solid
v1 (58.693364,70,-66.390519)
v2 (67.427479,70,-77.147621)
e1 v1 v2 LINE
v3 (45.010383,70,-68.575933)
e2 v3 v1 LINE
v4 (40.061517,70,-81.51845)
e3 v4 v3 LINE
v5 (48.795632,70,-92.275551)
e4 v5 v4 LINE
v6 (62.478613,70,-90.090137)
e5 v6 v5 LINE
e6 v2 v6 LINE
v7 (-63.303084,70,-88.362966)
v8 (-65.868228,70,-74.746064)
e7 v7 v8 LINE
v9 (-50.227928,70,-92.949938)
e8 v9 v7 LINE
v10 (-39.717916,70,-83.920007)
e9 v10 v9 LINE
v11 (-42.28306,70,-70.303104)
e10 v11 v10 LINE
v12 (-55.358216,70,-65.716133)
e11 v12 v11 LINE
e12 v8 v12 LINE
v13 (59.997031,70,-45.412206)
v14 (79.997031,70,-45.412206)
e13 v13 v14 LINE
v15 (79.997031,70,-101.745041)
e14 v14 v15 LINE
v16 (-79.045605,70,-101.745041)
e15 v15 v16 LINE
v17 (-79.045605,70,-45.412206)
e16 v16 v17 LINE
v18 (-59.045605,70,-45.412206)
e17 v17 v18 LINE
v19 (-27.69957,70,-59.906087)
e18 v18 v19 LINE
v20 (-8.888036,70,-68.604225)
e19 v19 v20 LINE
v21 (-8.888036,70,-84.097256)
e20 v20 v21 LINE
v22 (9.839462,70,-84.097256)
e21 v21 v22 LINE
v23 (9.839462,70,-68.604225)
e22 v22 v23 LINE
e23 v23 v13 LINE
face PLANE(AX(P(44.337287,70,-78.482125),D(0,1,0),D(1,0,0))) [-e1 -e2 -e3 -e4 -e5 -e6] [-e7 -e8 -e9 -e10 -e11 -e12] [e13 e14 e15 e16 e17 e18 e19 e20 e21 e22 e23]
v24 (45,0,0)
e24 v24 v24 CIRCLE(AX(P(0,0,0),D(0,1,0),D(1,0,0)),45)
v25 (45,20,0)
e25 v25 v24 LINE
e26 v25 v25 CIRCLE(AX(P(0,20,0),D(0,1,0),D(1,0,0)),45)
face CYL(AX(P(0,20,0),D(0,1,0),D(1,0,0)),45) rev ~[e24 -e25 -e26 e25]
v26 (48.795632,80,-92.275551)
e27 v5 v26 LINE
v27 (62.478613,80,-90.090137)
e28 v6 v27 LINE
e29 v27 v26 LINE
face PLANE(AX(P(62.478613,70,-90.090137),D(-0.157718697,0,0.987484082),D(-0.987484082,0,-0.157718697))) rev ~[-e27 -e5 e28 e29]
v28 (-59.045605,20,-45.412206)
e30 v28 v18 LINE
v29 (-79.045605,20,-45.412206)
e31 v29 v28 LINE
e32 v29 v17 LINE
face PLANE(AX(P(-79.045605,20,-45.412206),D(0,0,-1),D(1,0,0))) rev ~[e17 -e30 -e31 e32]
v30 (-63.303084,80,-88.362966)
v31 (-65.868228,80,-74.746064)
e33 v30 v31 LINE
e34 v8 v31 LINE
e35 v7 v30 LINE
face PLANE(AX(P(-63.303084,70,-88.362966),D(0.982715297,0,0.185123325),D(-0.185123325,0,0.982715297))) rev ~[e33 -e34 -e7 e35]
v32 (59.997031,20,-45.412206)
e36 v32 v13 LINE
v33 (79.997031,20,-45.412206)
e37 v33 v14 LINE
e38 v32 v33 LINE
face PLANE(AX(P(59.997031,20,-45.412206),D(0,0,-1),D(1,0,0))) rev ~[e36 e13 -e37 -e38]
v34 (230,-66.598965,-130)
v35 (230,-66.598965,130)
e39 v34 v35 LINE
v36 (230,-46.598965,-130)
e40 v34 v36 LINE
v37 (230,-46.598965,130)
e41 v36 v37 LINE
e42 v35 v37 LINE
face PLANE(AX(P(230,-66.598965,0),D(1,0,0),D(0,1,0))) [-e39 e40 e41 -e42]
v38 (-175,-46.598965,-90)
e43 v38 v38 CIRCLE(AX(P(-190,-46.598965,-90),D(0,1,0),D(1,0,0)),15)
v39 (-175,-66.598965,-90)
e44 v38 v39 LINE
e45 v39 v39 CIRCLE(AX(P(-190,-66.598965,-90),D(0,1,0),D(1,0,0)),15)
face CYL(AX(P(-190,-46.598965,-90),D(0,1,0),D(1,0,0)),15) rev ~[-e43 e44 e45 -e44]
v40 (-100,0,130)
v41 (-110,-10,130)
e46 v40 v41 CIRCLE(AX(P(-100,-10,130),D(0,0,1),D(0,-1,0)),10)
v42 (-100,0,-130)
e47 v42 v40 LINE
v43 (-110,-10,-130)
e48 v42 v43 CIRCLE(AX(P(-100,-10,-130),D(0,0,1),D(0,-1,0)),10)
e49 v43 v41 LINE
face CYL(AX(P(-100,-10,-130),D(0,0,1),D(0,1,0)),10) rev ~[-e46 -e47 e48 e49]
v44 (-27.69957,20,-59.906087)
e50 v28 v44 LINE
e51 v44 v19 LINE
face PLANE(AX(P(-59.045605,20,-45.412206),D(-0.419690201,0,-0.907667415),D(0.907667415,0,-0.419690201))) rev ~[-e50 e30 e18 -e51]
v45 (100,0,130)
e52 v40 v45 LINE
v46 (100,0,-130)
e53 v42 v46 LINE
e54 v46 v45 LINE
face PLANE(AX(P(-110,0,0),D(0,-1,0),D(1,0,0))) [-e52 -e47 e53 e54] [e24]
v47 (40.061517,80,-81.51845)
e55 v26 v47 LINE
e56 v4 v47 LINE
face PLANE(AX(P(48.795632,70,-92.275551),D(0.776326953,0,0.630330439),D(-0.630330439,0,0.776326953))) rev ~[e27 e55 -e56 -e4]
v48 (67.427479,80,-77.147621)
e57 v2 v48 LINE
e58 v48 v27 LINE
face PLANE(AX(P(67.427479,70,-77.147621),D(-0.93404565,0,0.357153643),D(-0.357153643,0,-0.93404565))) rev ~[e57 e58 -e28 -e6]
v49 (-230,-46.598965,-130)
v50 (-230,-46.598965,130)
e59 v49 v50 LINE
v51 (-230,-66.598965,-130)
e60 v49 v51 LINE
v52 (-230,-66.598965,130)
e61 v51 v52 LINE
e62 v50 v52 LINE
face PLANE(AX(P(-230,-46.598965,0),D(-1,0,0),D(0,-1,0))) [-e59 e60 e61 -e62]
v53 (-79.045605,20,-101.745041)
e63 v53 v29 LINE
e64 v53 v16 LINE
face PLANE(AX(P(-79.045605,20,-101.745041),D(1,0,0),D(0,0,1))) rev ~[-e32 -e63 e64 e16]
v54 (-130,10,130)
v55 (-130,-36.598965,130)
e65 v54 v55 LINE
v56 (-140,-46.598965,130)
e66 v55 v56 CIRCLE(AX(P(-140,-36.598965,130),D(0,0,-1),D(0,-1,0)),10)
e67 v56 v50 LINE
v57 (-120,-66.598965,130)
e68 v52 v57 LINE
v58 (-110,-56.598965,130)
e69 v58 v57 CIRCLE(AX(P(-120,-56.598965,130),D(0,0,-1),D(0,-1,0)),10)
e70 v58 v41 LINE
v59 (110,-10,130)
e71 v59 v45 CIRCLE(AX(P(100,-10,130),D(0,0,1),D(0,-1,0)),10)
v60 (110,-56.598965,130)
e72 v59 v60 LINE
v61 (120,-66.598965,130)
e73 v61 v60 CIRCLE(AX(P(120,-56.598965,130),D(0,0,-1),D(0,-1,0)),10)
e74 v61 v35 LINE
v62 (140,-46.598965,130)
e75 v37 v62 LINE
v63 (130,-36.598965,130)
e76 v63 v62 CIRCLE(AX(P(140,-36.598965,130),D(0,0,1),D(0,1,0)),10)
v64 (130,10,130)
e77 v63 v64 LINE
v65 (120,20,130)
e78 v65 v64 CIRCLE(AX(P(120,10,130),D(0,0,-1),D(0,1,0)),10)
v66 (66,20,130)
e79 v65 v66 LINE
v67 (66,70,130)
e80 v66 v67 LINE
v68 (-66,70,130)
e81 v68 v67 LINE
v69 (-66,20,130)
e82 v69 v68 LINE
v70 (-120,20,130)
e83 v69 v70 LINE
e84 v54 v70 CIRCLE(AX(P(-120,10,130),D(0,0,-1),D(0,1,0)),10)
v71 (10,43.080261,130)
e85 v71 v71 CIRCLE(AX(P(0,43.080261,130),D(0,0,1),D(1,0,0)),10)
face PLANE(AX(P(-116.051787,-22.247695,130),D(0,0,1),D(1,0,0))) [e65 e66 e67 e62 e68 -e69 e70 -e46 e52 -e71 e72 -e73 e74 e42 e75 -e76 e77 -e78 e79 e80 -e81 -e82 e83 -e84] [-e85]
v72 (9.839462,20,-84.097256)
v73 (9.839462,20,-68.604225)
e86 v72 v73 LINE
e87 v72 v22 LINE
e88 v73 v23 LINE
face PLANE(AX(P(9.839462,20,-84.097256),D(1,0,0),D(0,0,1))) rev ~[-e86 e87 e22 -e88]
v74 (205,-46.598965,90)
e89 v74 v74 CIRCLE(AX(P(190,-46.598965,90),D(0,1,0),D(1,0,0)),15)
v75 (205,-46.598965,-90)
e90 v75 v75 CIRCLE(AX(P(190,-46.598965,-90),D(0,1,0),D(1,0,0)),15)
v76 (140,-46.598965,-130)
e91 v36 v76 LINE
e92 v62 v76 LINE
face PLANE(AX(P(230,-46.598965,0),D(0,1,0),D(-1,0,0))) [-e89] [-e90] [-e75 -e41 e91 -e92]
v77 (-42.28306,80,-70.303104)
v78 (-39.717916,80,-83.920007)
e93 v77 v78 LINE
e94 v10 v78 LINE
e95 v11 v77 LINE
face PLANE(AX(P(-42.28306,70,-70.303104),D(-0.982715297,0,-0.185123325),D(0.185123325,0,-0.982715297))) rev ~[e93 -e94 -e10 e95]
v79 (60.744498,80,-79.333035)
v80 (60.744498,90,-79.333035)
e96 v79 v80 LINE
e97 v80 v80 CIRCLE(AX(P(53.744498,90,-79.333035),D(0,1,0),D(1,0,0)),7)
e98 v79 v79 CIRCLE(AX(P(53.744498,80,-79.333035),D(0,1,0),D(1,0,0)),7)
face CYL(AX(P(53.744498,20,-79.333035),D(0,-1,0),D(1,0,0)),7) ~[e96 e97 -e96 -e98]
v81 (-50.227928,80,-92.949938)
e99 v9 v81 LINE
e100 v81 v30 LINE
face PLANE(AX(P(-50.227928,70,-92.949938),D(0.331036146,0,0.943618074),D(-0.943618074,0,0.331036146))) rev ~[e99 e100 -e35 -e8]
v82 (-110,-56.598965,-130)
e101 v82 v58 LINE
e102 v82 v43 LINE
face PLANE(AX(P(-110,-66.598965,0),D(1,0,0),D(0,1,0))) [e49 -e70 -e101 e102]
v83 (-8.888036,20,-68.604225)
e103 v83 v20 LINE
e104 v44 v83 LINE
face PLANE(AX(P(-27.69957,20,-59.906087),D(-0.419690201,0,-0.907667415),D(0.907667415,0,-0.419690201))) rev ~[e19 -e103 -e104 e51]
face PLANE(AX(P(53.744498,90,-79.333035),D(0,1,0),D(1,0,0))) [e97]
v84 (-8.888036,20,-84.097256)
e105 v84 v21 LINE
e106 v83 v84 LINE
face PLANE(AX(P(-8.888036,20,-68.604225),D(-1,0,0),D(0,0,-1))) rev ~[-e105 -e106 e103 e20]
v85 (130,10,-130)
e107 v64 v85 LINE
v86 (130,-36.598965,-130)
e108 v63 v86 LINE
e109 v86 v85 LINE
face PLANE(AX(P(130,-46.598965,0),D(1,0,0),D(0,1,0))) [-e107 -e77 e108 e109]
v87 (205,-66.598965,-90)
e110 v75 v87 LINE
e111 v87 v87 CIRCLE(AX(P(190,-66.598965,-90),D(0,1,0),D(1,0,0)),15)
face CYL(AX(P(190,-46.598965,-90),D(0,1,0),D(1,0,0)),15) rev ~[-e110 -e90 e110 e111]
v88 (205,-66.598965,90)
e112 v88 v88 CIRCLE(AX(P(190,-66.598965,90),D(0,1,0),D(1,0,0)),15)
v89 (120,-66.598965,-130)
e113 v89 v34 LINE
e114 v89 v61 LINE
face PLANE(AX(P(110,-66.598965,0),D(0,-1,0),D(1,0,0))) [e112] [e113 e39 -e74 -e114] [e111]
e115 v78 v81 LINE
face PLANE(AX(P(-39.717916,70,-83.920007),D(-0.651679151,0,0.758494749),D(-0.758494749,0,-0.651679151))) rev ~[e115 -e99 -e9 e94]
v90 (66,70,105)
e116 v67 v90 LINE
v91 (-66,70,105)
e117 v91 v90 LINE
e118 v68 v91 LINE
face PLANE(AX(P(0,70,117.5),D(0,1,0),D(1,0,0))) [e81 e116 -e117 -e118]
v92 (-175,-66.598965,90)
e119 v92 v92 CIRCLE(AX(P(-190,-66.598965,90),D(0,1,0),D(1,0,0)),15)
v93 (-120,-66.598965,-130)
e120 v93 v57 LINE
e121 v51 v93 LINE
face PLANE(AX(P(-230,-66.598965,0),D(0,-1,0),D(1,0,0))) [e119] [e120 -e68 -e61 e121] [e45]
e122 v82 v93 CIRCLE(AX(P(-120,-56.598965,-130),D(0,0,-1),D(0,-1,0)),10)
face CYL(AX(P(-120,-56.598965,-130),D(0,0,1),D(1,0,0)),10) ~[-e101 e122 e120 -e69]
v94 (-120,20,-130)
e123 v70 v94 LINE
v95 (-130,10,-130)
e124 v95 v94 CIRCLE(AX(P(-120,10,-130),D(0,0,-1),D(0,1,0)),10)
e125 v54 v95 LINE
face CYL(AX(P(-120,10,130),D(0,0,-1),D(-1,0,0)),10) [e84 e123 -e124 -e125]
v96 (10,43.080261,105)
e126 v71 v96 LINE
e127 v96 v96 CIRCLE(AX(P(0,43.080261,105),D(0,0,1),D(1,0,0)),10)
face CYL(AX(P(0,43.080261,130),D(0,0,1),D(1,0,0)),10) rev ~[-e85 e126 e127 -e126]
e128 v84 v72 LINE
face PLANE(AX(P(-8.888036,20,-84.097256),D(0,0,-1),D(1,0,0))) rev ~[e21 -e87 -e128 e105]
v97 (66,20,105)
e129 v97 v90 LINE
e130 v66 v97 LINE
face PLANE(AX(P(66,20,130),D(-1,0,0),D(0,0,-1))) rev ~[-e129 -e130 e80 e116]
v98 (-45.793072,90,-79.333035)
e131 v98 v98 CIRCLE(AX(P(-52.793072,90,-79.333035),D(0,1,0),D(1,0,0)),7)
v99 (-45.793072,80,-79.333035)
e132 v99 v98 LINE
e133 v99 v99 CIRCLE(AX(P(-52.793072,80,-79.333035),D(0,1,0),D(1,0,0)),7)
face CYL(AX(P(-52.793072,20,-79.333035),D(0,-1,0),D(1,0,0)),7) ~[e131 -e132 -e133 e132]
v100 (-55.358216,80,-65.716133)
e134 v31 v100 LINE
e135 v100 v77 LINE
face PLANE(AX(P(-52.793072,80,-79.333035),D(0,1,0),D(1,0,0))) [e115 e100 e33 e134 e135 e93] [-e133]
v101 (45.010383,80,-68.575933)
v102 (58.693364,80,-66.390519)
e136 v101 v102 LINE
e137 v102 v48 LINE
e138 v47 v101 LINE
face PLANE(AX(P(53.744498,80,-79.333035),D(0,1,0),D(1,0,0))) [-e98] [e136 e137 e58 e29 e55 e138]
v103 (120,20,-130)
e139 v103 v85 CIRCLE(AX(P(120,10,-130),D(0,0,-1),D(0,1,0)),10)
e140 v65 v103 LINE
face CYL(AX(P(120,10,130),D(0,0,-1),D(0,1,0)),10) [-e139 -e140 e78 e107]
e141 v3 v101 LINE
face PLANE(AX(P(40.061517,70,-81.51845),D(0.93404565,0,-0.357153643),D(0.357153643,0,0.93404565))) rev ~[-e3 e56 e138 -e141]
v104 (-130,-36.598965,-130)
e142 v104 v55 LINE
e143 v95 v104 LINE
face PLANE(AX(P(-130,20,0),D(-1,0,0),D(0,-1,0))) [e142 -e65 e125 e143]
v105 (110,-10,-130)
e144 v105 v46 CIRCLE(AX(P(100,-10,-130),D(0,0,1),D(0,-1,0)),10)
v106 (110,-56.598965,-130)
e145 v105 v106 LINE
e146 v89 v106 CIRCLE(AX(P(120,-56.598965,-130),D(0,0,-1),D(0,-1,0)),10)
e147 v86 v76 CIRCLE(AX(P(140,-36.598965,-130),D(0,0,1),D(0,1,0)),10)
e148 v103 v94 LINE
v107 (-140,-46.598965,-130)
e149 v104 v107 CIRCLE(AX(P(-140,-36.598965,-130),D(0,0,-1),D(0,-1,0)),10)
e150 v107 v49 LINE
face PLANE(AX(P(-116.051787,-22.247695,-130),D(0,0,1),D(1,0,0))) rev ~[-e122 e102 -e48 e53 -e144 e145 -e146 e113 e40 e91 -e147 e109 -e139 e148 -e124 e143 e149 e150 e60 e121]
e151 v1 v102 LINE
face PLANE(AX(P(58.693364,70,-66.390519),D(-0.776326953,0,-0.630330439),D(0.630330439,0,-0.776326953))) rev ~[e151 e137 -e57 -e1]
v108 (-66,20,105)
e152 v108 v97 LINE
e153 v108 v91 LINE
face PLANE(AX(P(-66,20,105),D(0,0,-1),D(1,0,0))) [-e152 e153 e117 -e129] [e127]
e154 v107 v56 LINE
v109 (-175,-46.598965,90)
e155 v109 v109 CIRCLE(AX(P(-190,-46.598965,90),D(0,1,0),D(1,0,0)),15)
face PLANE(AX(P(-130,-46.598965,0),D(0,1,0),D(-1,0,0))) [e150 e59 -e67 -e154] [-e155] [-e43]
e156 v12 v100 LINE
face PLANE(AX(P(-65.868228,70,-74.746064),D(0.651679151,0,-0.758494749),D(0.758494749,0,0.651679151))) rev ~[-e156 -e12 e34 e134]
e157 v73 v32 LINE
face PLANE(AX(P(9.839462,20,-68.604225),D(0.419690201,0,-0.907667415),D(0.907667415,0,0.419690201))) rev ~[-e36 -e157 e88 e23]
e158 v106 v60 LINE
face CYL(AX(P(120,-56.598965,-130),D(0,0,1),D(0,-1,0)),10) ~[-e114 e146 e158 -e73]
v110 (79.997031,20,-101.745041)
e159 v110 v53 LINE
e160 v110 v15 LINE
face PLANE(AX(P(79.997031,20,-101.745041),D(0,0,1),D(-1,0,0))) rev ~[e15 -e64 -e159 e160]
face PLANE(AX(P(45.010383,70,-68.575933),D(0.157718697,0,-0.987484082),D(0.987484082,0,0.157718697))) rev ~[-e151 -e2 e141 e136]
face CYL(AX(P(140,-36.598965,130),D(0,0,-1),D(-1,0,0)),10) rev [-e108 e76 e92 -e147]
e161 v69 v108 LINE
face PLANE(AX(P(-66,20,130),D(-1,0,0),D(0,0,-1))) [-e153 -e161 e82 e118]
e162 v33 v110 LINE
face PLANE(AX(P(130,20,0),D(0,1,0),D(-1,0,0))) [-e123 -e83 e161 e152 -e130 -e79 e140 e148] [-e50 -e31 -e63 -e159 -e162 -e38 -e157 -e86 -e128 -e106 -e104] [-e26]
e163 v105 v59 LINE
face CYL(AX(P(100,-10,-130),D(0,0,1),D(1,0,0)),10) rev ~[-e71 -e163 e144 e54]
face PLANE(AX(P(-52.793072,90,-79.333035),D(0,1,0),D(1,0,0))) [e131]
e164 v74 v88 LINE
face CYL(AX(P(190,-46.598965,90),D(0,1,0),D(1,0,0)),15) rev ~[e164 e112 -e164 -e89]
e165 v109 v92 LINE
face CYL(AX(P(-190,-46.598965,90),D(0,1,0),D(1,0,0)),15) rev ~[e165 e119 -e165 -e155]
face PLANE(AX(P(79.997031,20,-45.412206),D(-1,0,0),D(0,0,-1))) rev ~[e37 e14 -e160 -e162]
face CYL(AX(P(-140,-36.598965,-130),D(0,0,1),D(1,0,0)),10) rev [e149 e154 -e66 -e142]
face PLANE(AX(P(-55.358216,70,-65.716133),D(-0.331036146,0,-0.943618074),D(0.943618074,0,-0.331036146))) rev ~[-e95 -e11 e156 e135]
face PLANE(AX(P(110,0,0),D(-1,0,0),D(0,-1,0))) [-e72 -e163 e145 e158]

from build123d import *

# Parameters (mm, degrees)
EXTRUDE_1_DEPTH     = 130
FILLET_1_R          = 10
SKETCH_2_R          = 45
CUT_EXTRUDE_1_DEPTH = 260
SKETCH_3_R          = 7
EXTRUDE_2_DEPTH     = 50
SKETCH_4_R          = 7
EXTRUDE_3_DEPTH     = 10
SKETCH_5_R          = 7
EXTRUDE_4_DEPTH     = 70
SKETCH_6_W          = 132
SKETCH_6_H          = 25
EXTRUDE_5_DEPTH     = 50
SKETCH_7_R          = 10
CUT_EXTRUDE_2_DEPTH = 50
SKETCH_8_R          = 15
CUT_EXTRUDE_3_DEPTH = 30


with BuildPart() as part:
    # 草图1 → 凸台-拉伸1 (new body, symmetric)
    with BuildSketch(Plane.XY):
        Polygon((0, 0), (0, 20), (-130, 20), (-130, 10.839517471), (-130, -46.598965425), (-230, -46.598965425), (-230, -66.598965425), (-110, -66.598965425), (-110, 0), align=None)
        Polygon((130, 20), (0, 20), (0, 0), (110, 0), (110, -66.598965425), (230, -66.598965425), (230, -46.598965425), (130, -46.598965425), (130, 10.839517471), align=None)
    extrude(amount=EXTRUDE_1_DEPTH, both=True)

    # 圆角1
    fillet_1_edges = [part.edges().sort_by_distance(p)[0] for p in [
        (-130, 20, 0),
        (130, 20, 0),
        (130, -46.598965425, 0),
        (110, -66.598965425, 0),
        (110, 0, 0),
        (-110, 0, 0),
        (-110, -66.598965425, 0),
        (-130, -46.598965425, 0),
    ]]
    fillet(fillet_1_edges, radius=FILLET_1_R)

    # 草图2 → 切除-拉伸1 (cut)
    with BuildSketch(Plane(origin=(0, 20, 0), x_dir=(1, 0, 0), z_dir=(0, 1, 0))):
        Circle(SKETCH_2_R)
    extrude(amount=-CUT_EXTRUDE_1_DEPTH, mode=Mode.SUBTRACT)

    # 草图3 → 凸台-拉伸2 (add)
    with BuildSketch(Plane(origin=(0, 20, 0), x_dir=(1, 0, 0), z_dir=(0, 1, 0))):
        Polygon((79.997030901, 101.745041166), (0.475713007, 101.745041166), (0.475713007, 84.097255875), (9.839462373, 84.097255875), (9.839462373, 68.604224939), (59.997030901, 45.412205859), (79.997030901, 45.412205859), align=None)
        with Locations((53.744497978, 79.333035198)):
            Circle(SKETCH_3_R, mode=Mode.SUBTRACT)
        Polygon((-79.045604886, 45.412205859), (-59.045604886, 45.412205859), (-27.699569626, 59.906087225), (-8.888036358, 68.604224939), (-8.888036358, 84.097255875), (0.475713007, 84.097255875), (0.475713007, 101.745041166), (-79.045604886, 101.745041166), align=None)
        with Locations((-52.793071964, 79.333035198)):
            Circle(SKETCH_3_R, mode=Mode.SUBTRACT)
    extrude(amount=EXTRUDE_2_DEPTH)

    # 草图4 → 凸台-拉伸3 (add)
    with BuildSketch(Plane(origin=(0, 70, 0), x_dir=(1, 0, 0), z_dir=(0, 1, 0))):
        Polygon((48.795631933, 92.27555137), (40.061517162, 81.518449569), (45.010383207, 68.575933397), (58.693364024, 66.390519026), (67.427478795, 77.147620827), (62.47861275, 90.090136999), align=None)
        with Locations((53.744497978, 79.333035198)):
            Circle(SKETCH_4_R, mode=Mode.SUBTRACT)
        Polygon((-50.227927921, 92.949937784), (-63.303083503, 88.362966397), (-65.868227546, 74.746063811), (-55.358216006, 65.716132612), (-42.283060425, 70.303104), (-39.717916382, 83.920006586), align=None)
        with Locations((-52.793071964, 79.333035198)):
            Circle(SKETCH_4_R, mode=Mode.SUBTRACT)
    extrude(amount=EXTRUDE_3_DEPTH)

    # 草图5 → 凸台-拉伸4 (add)
    with BuildSketch(Plane(origin=(0, 20, 0), x_dir=(1, 0, 0), z_dir=(0, 1, 0))):
        with Locations((53.744497978, 79.333035198)):
            Circle(SKETCH_5_R)
        with Locations((-52.793071964, 79.333035198)):
            Circle(SKETCH_5_R)
    extrude(amount=EXTRUDE_4_DEPTH)

    # 草图6 → 凸台-拉伸5 (add)
    with BuildSketch(Plane(origin=(0, 20, 0), x_dir=(1, 0, 0), z_dir=(0, 1, 0))):
        with Locations((0, -117.5)):
            Rectangle(SKETCH_6_W, SKETCH_6_H)
    extrude(amount=EXTRUDE_5_DEPTH)

    # 草图7 → 切除-拉伸2 (cut)
    with BuildSketch(Plane.XY.offset(130)):
        with Locations((0, 43.080261377)):
            Circle(SKETCH_7_R)
    extrude(amount=-CUT_EXTRUDE_2_DEPTH, mode=Mode.SUBTRACT)

    # 草图8 → 切除-拉伸3 (cut)
    with BuildSketch(Plane(origin=(0, -46.598965425, 0), x_dir=(1, 0, 0), z_dir=(0, 1, 0))):
        with Locations((190, 90)):
            Circle(SKETCH_8_R)
        with Locations((190, -90)):
            Circle(SKETCH_8_R)
        with Locations((-190, -90)):
            Circle(SKETCH_8_R)
        with Locations((-190, 90)):
            Circle(SKETCH_8_R)
    extrude(amount=-CUT_EXTRUDE_3_DEPTH, mode=Mode.SUBTRACT)


solid = part.part
